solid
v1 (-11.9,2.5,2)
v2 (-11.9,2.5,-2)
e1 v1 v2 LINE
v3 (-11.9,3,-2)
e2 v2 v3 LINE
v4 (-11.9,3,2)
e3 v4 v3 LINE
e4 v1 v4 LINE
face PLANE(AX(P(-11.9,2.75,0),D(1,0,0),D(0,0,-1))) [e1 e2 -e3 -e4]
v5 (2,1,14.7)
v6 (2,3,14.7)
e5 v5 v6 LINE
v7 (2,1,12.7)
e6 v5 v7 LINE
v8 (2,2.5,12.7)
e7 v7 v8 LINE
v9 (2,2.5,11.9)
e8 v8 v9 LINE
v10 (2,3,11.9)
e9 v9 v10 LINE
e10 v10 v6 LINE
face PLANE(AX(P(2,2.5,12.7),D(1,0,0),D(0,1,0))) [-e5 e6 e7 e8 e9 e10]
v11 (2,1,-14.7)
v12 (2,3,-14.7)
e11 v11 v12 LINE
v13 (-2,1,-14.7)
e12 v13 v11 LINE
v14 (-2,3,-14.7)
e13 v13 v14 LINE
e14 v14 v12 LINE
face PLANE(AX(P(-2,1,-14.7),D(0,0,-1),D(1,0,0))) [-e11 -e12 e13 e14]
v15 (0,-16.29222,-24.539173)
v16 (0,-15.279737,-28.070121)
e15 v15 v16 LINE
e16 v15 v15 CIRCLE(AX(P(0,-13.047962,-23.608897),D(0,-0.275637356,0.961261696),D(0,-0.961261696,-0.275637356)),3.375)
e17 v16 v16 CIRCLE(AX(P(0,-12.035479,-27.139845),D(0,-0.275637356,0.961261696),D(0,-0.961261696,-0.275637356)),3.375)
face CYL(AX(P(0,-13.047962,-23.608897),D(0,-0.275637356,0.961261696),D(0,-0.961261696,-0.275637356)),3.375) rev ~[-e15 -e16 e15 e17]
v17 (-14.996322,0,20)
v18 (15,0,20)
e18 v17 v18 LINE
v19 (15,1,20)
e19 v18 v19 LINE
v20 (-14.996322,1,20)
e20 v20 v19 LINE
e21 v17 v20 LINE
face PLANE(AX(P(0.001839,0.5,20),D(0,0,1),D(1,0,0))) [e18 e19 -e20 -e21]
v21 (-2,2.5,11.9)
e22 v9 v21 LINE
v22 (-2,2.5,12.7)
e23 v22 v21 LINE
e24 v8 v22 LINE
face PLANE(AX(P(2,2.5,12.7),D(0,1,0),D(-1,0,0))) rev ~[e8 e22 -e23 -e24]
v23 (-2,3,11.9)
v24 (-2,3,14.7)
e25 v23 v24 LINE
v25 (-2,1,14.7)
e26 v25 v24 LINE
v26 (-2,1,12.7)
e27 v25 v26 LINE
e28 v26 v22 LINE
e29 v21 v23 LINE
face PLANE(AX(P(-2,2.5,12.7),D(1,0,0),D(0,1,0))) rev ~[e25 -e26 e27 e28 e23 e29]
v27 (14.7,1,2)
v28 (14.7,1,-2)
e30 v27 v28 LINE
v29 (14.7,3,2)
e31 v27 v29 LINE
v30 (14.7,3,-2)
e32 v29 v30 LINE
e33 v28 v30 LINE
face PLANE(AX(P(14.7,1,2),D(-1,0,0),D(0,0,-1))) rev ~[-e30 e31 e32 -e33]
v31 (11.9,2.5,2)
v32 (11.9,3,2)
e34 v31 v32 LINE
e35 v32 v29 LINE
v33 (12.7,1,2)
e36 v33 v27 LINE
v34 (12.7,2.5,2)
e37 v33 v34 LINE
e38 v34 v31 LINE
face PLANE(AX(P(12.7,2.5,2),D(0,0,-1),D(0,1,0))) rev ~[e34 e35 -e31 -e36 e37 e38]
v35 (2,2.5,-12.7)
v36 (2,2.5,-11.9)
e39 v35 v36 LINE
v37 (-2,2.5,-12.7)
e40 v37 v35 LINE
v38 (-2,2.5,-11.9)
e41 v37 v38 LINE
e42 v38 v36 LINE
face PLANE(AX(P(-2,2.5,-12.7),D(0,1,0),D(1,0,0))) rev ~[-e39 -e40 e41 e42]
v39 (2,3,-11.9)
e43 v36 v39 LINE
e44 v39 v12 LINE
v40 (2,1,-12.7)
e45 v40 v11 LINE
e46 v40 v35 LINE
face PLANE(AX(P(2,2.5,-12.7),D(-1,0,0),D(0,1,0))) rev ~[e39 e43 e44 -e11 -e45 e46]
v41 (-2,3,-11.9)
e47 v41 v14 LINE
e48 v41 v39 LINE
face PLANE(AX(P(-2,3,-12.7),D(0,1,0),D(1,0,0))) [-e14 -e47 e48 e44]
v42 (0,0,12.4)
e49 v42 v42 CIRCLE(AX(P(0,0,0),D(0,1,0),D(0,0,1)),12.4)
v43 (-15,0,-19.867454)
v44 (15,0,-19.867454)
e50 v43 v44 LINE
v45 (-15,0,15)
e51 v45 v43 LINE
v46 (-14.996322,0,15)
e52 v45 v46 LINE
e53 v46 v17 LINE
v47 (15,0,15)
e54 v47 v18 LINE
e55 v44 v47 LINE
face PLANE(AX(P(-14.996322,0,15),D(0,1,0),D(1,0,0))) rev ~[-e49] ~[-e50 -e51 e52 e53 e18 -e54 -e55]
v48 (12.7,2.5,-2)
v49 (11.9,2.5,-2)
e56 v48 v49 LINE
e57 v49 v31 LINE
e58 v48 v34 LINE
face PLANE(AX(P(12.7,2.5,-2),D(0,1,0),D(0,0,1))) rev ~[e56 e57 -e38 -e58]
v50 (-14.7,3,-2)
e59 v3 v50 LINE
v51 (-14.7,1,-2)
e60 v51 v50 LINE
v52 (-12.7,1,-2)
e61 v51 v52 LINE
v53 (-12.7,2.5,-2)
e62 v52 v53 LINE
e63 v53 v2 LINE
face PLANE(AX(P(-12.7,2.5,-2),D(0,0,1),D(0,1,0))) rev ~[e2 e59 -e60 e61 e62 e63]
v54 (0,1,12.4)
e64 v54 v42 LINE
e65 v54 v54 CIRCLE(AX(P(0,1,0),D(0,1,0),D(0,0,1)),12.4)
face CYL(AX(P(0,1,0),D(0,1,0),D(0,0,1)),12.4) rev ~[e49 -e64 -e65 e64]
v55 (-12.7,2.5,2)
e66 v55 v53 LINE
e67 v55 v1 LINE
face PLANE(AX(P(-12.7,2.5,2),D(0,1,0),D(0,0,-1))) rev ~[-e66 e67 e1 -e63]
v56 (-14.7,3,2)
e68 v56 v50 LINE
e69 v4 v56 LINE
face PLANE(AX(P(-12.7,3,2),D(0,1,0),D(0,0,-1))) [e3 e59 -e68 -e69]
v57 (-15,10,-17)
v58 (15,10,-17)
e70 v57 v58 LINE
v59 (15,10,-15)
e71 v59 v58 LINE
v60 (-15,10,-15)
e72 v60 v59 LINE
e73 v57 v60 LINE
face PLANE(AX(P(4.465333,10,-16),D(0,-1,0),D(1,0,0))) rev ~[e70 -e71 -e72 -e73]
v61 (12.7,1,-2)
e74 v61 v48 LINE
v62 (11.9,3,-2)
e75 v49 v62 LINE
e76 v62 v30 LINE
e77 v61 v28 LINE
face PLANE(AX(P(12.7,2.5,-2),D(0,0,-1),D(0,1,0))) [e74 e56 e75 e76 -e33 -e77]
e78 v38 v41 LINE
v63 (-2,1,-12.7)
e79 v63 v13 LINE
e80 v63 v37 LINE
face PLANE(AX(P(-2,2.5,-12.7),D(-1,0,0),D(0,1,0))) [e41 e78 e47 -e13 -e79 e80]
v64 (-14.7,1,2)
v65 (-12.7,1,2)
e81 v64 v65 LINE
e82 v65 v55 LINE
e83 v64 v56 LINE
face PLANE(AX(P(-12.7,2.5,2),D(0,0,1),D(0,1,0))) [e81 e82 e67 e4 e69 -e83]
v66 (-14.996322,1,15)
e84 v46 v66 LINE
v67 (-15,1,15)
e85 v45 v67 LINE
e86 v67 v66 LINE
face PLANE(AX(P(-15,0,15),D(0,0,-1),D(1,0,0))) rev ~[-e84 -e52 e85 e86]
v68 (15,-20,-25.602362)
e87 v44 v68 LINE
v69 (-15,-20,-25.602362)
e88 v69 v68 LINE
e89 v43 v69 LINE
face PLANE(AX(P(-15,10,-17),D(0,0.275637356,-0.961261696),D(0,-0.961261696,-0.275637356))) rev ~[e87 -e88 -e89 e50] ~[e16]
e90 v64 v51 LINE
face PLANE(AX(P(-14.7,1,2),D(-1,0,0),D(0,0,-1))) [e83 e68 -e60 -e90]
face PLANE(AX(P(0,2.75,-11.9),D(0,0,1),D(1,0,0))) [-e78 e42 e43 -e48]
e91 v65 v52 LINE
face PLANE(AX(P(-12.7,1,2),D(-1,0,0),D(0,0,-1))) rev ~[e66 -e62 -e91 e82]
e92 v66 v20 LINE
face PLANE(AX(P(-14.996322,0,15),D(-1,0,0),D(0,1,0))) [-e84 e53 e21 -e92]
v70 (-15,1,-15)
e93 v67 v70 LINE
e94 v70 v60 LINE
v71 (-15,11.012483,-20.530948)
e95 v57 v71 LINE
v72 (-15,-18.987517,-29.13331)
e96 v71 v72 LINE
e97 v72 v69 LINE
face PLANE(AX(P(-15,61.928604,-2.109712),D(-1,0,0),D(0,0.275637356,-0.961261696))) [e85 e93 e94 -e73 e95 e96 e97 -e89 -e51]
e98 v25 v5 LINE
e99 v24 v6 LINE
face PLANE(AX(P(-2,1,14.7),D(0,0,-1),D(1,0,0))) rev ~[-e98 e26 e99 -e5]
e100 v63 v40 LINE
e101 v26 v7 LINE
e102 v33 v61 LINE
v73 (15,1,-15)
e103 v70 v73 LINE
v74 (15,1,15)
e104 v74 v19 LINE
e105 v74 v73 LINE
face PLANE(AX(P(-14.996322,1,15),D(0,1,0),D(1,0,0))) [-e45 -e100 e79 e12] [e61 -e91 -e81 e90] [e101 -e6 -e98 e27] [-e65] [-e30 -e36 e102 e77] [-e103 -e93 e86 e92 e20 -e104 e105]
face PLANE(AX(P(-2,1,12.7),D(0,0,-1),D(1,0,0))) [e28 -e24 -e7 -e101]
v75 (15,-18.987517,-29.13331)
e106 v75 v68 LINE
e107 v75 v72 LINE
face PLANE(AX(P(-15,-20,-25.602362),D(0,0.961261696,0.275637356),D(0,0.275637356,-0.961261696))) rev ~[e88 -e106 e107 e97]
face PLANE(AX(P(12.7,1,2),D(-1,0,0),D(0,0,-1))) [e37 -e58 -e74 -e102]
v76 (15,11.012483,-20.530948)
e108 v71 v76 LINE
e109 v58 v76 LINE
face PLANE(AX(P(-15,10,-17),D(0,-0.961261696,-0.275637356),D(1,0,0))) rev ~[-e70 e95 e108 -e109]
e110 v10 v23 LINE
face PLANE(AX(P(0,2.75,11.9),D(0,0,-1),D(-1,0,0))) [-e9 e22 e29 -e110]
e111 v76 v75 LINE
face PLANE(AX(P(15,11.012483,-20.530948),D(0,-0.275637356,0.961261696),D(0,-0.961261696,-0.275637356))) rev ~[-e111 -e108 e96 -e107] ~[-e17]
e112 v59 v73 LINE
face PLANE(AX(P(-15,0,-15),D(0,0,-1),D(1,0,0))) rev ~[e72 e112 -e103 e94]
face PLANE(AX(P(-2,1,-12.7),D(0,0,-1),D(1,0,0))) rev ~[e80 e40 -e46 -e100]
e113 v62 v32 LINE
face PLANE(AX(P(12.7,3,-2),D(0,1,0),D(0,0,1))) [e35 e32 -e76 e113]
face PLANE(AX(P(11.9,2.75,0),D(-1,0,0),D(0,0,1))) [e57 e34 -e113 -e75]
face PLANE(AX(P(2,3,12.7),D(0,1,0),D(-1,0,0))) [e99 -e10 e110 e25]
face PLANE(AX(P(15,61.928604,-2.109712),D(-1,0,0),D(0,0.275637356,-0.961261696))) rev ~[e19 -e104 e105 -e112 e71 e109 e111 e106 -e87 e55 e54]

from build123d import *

# Parameters (mm, degrees)
SKETCH1_W               = 30
SKETCH1_H               = 30
BOSS_EXTRUDE1_DEPTH     = 1
SKETCH2_R               = 12.4
CUT_EXTRUDE1_DEPTH      = 22.236760582
SKETCH4_W               = 2
SKETCH4_H               = 4
SKETCH4_W_2             = 4
SKETCH4_H_2             = 2
BOSS_EXTRUDE2_DEPTH     = 2
SKETCH5_W               = 4
SKETCH5_H               = 0.5
BOSS_EXTRUDE3_DEPTH     = 0.8
SKETCH6_W               = 4
SKETCH6_H               = 0.5
BOSS_EXTRUDE4_DEPTH     = 0.8
SKETCH7_W               = 4
SKETCH7_H               = 0.5
BOSS_EXTRUDE5_DEPTH     = 0.8
SKETCH8_W               = 4
SKETCH8_H               = 0.5
BOSS_EXTRUDE6_DEPTH     = 0.8
SKETCH11_W              = 38.930666634
SKETCH11_H              = 2
BOSS_EXTRUDE9_DEPTH     = 10
BOSS_EXTRUDE10_DEPTH    = 30
BOSS_EXTRUDE11_DEPTH    = 30
CUT_EXTRUDE2_DEPTH      = 45.684189659
CUT_EXTRUDE2_DEPTH_BACK = 45.684189659
SKETCH14_W              = 8.930666634
SKETCH14_H              = 10
SKETCH15_W              = 29.996322287
SKETCH15_H              = 1
BOSS_EXTRUDE12_DEPTH    = 5
SKETCH20_W              = 30
SKETCH20_H              = 3.6732435
BOSS_EXTRUDE16_DEPTH    = 90
CUT_EXTRUDE3_DEPTH      = 80.886258607
SKETCH23_W              = 30
SKETCH23_H              = 55.569719249
CUT_EXTRUDE5_DEPTH      = 10
SKETCH24_W              = 30
SKETCH24_H              = 3.6732435
BOSS_EXTRUDE17_DEPTH    = 76.2
SKETCH25_W              = 30
SKETCH25_H              = 3.6732435
CUT_EXTRUDE6_DEPTH      = 25.4
SKETCH26_W              = 30
SKETCH26_H              = 3.6732435
BOSS_EXTRUDE18_DEPTH    = 17.8
SKETCH27_W              = 30
SKETCH27_H              = 71.821297676
CUT_EXTRUDE7_DEPTH      = 10
SKETCH28_R              = 3.375
CUT_EXTRUDE8_DEPTH      = 10


with BuildPart() as part:
    # Sketch1 → Boss-Extrude1 (new body)
    with BuildSketch(Plane(origin=(0, 0, 0), x_dir=(1, 0, 0), z_dir=(0, 1, 0))):
        Rectangle(SKETCH1_W, SKETCH1_H)
    extrude(amount=BOSS_EXTRUDE1_DEPTH)

    # Sketch2 → Cut-Extrude1 (cut, through all)
    with BuildSketch(Plane(origin=(0, 1, 0), x_dir=(1, 0, 0), z_dir=(0, 1, 0))):
        with Locations(Location((0, 0, 0), (0, 0, 270))):
            Circle(SKETCH2_R)
    extrude(amount=-CUT_EXTRUDE1_DEPTH, mode=Mode.SUBTRACT)

    # Sketch4 → Boss-Extrude2 (add)
    with BuildSketch(Plane(origin=(0, 1, 0), x_dir=(1, 0, 0), z_dir=(0, 1, 0))):
        with Locations((13.7, 0)):
            Rectangle(SKETCH4_W, SKETCH4_H)
        with Locations((-13.7, 0)):
            Rectangle(SKETCH4_W, SKETCH4_H)
        with Locations((0, 13.7)):
            Rectangle(SKETCH4_W_2, SKETCH4_H_2)
        with Locations((0, -13.7)):
            Rectangle(SKETCH4_W_2, SKETCH4_H_2)
    extrude(amount=BOSS_EXTRUDE2_DEPTH)

    # Sketch5 → Boss-Extrude3 (add)
    with BuildSketch(Plane.ZY.offset(-12.7)):
        with Locations((0, 2.75)):
            Rectangle(SKETCH5_W, SKETCH5_H)
    extrude(amount=BOSS_EXTRUDE3_DEPTH)

    # Sketch6 → Boss-Extrude4 (add)
    with BuildSketch(Plane(origin=(0, 0, 12.7), x_dir=(-1, 0, 0), z_dir=(0, 0, -1))):
        with Locations((0, 2.75)):
            Rectangle(SKETCH6_W, SKETCH6_H)
    extrude(amount=BOSS_EXTRUDE4_DEPTH)

    # Sketch7 → Boss-Extrude5 (add)
    with BuildSketch(Plane(origin=(-12.7, 0, 0), x_dir=(0, 0, -1), z_dir=(1, 0, 0))):
        with Locations((0, 2.75)):
            Rectangle(SKETCH7_W, SKETCH7_H)
    extrude(amount=BOSS_EXTRUDE5_DEPTH)

    # Sketch8 → Boss-Extrude6 (add)
    with BuildSketch(Plane.XY.offset(-12.7)):
        with Locations((0, 2.75)):
            Rectangle(SKETCH8_W, SKETCH8_H)
    extrude(amount=BOSS_EXTRUDE6_DEPTH)

    # Sketch11 → Boss-Extrude9 (add)
    with BuildSketch(Plane.XZ):
        with Locations((4.465333317, -16)):
            Rectangle(SKETCH11_W, SKETCH11_H)
    extrude(amount=-BOSS_EXTRUDE9_DEPTH)



with BuildPart() as body_2:
    # Sketch12 → Boss-Extrude10 (new body)
    with BuildSketch(Plane.ZY.offset(15)):
        Polygon((-17, 10), (-25.602361573, -20), (-30.365256607, -18.634261826), (-21.762895034, 11.365738174), align=None)
    extrude(amount=-BOSS_EXTRUDE10_DEPTH)


with BuildPart() as part_1:
    add(part.part)

    add(body_2.part)  # Boss-Extrude11 merges body 2
    # Sketch13 → Boss-Extrude11 (add)
    with BuildSketch(Plane.ZY.offset(15)):
        Polygon((-17, 0), (-25.021968012, 0), (-21.762895034, 11.365738174), (-17, 10), align=None)
    extrude(amount=-BOSS_EXTRUDE11_DEPTH)

    # Sketch14 → Cut-Extrude2 (cut, two sides: drawn at the far end of the back side and taken through both)
    with BuildSketch(Plane(origin=(0, 0, -17), x_dir=(-1, 0, 0), z_dir=(0, 0, -1)).offset(-CUT_EXTRUDE2_DEPTH_BACK)):
        with Locations((-19.465333317, 5)):
            Rectangle(SKETCH14_W, SKETCH14_H)
    extrude(amount=CUT_EXTRUDE2_DEPTH + CUT_EXTRUDE2_DEPTH_BACK, mode=Mode.SUBTRACT)

    # Sketch15 → Boss-Extrude12 (add)
    with BuildSketch(Plane.XY.offset(15)):
        with Locations((0.001838857, 0.5)):
            Rectangle(SKETCH15_W, SKETCH15_H)
    extrude(amount=BOSS_EXTRUDE12_DEPTH)

    # Sketch20 → Boss-Extrude16 (add)
    with BuildSketch(Plane(origin=(0, -25.264073265, -7.244356434), x_dir=(1, 0, 0), z_dir=(0, -0.9612616959383165, -0.2756373558170081))):
        with Locations((0, -20.934444139)):
            Rectangle(SKETCH20_W, SKETCH20_H)
    extrude(amount=-BOSS_EXTRUDE16_DEPTH)

    # Sketch21 → Cut-Extrude3 (cut, through all)
    with BuildSketch(Plane(origin=(15, 0, 0), x_dir=(0, 0, -1), z_dir=(1, 0, 0))):
        Polygon((21.762895034, 11.365738174), (20.530948276, 11.012483126), (29.133309849, -18.987516874), (30.365256607, -18.634261826), align=None)
    extrude(amount=-CUT_EXTRUDE3_DEPTH, mode=Mode.SUBTRACT)

    # Sketch23 → Cut-Extrude5 (cut)
    with BuildSketch(Plane(origin=(0, 6.276556391, -21.888953415), x_dir=(-1, 0, 0), z_dir=(0, 0.2756373558170081, -0.9612616959383165))):
        with Locations((0, 35.932939211)):
            Rectangle(SKETCH23_W, SKETCH23_H)
    extrude(amount=-CUT_EXTRUDE5_DEPTH, mode=Mode.SUBTRACT)

    # Sketch24 → Boss-Extrude17 (add)
    with BuildSketch(Plane(origin=(0, 7.832436802, 2.245915112), x_dir=(1, 0, 0), z_dir=(0, 0.9612616959383165, 0.2756373558170081))):
        with Locations((0, 20.934444139)):
            Rectangle(SKETCH24_W, SKETCH24_H)
    extrude(amount=BOSS_EXTRUDE17_DEPTH)

    # Sketch25 → Cut-Extrude6 (cut)
    with BuildSketch(Plane(origin=(0, 81.080578032, 23.249481625), x_dir=(1, 0, 0), z_dir=(0, 0.9612616959383165, 0.27563735581700777))):
        with Locations((0, 20.934444139)):
            Rectangle(SKETCH25_W, SKETCH25_H)
    extrude(amount=-CUT_EXTRUDE6_DEPTH, mode=Mode.SUBTRACT)

    # Sketch26 → Boss-Extrude18 (add)
    with BuildSketch(Plane(origin=(0, 56.664530955, 16.248292788), x_dir=(1, 0, 0), z_dir=(0, 0.9612616959383156, 0.2756373558170107))):
        with Locations((0, 20.934444139)):
            Rectangle(SKETCH26_W, SKETCH26_H)
    extrude(amount=BOSS_EXTRUDE18_DEPTH)

    # Sketch27 → Cut-Extrude7 (cut)
    with BuildSketch(Plane(origin=(0, 5.264073265, -18.358005138), x_dir=(1, 0, 0), z_dir=(0, -0.2756373558170081, 0.9612616959383165))):
        with Locations((0, 40.837430748)):
            Rectangle(SKETCH27_W, SKETCH27_H)
    extrude(amount=-CUT_EXTRUDE7_DEPTH, mode=Mode.SUBTRACT)

    # Sketch28 → Cut-Extrude8 (cut)
    with BuildSketch(Plane(origin=(0, 5.264073265, -18.358005138), x_dir=(1, 0, 0), z_dir=(0, -0.27563735581700294, 0.9612616959383178))):
        with Locations(Location((0, -19.05, 0), (0, 0, 270))):
            Circle(SKETCH28_R)
    extrude(amount=-CUT_EXTRUDE8_DEPTH, mode=Mode.SUBTRACT)


solid = part_1.part
